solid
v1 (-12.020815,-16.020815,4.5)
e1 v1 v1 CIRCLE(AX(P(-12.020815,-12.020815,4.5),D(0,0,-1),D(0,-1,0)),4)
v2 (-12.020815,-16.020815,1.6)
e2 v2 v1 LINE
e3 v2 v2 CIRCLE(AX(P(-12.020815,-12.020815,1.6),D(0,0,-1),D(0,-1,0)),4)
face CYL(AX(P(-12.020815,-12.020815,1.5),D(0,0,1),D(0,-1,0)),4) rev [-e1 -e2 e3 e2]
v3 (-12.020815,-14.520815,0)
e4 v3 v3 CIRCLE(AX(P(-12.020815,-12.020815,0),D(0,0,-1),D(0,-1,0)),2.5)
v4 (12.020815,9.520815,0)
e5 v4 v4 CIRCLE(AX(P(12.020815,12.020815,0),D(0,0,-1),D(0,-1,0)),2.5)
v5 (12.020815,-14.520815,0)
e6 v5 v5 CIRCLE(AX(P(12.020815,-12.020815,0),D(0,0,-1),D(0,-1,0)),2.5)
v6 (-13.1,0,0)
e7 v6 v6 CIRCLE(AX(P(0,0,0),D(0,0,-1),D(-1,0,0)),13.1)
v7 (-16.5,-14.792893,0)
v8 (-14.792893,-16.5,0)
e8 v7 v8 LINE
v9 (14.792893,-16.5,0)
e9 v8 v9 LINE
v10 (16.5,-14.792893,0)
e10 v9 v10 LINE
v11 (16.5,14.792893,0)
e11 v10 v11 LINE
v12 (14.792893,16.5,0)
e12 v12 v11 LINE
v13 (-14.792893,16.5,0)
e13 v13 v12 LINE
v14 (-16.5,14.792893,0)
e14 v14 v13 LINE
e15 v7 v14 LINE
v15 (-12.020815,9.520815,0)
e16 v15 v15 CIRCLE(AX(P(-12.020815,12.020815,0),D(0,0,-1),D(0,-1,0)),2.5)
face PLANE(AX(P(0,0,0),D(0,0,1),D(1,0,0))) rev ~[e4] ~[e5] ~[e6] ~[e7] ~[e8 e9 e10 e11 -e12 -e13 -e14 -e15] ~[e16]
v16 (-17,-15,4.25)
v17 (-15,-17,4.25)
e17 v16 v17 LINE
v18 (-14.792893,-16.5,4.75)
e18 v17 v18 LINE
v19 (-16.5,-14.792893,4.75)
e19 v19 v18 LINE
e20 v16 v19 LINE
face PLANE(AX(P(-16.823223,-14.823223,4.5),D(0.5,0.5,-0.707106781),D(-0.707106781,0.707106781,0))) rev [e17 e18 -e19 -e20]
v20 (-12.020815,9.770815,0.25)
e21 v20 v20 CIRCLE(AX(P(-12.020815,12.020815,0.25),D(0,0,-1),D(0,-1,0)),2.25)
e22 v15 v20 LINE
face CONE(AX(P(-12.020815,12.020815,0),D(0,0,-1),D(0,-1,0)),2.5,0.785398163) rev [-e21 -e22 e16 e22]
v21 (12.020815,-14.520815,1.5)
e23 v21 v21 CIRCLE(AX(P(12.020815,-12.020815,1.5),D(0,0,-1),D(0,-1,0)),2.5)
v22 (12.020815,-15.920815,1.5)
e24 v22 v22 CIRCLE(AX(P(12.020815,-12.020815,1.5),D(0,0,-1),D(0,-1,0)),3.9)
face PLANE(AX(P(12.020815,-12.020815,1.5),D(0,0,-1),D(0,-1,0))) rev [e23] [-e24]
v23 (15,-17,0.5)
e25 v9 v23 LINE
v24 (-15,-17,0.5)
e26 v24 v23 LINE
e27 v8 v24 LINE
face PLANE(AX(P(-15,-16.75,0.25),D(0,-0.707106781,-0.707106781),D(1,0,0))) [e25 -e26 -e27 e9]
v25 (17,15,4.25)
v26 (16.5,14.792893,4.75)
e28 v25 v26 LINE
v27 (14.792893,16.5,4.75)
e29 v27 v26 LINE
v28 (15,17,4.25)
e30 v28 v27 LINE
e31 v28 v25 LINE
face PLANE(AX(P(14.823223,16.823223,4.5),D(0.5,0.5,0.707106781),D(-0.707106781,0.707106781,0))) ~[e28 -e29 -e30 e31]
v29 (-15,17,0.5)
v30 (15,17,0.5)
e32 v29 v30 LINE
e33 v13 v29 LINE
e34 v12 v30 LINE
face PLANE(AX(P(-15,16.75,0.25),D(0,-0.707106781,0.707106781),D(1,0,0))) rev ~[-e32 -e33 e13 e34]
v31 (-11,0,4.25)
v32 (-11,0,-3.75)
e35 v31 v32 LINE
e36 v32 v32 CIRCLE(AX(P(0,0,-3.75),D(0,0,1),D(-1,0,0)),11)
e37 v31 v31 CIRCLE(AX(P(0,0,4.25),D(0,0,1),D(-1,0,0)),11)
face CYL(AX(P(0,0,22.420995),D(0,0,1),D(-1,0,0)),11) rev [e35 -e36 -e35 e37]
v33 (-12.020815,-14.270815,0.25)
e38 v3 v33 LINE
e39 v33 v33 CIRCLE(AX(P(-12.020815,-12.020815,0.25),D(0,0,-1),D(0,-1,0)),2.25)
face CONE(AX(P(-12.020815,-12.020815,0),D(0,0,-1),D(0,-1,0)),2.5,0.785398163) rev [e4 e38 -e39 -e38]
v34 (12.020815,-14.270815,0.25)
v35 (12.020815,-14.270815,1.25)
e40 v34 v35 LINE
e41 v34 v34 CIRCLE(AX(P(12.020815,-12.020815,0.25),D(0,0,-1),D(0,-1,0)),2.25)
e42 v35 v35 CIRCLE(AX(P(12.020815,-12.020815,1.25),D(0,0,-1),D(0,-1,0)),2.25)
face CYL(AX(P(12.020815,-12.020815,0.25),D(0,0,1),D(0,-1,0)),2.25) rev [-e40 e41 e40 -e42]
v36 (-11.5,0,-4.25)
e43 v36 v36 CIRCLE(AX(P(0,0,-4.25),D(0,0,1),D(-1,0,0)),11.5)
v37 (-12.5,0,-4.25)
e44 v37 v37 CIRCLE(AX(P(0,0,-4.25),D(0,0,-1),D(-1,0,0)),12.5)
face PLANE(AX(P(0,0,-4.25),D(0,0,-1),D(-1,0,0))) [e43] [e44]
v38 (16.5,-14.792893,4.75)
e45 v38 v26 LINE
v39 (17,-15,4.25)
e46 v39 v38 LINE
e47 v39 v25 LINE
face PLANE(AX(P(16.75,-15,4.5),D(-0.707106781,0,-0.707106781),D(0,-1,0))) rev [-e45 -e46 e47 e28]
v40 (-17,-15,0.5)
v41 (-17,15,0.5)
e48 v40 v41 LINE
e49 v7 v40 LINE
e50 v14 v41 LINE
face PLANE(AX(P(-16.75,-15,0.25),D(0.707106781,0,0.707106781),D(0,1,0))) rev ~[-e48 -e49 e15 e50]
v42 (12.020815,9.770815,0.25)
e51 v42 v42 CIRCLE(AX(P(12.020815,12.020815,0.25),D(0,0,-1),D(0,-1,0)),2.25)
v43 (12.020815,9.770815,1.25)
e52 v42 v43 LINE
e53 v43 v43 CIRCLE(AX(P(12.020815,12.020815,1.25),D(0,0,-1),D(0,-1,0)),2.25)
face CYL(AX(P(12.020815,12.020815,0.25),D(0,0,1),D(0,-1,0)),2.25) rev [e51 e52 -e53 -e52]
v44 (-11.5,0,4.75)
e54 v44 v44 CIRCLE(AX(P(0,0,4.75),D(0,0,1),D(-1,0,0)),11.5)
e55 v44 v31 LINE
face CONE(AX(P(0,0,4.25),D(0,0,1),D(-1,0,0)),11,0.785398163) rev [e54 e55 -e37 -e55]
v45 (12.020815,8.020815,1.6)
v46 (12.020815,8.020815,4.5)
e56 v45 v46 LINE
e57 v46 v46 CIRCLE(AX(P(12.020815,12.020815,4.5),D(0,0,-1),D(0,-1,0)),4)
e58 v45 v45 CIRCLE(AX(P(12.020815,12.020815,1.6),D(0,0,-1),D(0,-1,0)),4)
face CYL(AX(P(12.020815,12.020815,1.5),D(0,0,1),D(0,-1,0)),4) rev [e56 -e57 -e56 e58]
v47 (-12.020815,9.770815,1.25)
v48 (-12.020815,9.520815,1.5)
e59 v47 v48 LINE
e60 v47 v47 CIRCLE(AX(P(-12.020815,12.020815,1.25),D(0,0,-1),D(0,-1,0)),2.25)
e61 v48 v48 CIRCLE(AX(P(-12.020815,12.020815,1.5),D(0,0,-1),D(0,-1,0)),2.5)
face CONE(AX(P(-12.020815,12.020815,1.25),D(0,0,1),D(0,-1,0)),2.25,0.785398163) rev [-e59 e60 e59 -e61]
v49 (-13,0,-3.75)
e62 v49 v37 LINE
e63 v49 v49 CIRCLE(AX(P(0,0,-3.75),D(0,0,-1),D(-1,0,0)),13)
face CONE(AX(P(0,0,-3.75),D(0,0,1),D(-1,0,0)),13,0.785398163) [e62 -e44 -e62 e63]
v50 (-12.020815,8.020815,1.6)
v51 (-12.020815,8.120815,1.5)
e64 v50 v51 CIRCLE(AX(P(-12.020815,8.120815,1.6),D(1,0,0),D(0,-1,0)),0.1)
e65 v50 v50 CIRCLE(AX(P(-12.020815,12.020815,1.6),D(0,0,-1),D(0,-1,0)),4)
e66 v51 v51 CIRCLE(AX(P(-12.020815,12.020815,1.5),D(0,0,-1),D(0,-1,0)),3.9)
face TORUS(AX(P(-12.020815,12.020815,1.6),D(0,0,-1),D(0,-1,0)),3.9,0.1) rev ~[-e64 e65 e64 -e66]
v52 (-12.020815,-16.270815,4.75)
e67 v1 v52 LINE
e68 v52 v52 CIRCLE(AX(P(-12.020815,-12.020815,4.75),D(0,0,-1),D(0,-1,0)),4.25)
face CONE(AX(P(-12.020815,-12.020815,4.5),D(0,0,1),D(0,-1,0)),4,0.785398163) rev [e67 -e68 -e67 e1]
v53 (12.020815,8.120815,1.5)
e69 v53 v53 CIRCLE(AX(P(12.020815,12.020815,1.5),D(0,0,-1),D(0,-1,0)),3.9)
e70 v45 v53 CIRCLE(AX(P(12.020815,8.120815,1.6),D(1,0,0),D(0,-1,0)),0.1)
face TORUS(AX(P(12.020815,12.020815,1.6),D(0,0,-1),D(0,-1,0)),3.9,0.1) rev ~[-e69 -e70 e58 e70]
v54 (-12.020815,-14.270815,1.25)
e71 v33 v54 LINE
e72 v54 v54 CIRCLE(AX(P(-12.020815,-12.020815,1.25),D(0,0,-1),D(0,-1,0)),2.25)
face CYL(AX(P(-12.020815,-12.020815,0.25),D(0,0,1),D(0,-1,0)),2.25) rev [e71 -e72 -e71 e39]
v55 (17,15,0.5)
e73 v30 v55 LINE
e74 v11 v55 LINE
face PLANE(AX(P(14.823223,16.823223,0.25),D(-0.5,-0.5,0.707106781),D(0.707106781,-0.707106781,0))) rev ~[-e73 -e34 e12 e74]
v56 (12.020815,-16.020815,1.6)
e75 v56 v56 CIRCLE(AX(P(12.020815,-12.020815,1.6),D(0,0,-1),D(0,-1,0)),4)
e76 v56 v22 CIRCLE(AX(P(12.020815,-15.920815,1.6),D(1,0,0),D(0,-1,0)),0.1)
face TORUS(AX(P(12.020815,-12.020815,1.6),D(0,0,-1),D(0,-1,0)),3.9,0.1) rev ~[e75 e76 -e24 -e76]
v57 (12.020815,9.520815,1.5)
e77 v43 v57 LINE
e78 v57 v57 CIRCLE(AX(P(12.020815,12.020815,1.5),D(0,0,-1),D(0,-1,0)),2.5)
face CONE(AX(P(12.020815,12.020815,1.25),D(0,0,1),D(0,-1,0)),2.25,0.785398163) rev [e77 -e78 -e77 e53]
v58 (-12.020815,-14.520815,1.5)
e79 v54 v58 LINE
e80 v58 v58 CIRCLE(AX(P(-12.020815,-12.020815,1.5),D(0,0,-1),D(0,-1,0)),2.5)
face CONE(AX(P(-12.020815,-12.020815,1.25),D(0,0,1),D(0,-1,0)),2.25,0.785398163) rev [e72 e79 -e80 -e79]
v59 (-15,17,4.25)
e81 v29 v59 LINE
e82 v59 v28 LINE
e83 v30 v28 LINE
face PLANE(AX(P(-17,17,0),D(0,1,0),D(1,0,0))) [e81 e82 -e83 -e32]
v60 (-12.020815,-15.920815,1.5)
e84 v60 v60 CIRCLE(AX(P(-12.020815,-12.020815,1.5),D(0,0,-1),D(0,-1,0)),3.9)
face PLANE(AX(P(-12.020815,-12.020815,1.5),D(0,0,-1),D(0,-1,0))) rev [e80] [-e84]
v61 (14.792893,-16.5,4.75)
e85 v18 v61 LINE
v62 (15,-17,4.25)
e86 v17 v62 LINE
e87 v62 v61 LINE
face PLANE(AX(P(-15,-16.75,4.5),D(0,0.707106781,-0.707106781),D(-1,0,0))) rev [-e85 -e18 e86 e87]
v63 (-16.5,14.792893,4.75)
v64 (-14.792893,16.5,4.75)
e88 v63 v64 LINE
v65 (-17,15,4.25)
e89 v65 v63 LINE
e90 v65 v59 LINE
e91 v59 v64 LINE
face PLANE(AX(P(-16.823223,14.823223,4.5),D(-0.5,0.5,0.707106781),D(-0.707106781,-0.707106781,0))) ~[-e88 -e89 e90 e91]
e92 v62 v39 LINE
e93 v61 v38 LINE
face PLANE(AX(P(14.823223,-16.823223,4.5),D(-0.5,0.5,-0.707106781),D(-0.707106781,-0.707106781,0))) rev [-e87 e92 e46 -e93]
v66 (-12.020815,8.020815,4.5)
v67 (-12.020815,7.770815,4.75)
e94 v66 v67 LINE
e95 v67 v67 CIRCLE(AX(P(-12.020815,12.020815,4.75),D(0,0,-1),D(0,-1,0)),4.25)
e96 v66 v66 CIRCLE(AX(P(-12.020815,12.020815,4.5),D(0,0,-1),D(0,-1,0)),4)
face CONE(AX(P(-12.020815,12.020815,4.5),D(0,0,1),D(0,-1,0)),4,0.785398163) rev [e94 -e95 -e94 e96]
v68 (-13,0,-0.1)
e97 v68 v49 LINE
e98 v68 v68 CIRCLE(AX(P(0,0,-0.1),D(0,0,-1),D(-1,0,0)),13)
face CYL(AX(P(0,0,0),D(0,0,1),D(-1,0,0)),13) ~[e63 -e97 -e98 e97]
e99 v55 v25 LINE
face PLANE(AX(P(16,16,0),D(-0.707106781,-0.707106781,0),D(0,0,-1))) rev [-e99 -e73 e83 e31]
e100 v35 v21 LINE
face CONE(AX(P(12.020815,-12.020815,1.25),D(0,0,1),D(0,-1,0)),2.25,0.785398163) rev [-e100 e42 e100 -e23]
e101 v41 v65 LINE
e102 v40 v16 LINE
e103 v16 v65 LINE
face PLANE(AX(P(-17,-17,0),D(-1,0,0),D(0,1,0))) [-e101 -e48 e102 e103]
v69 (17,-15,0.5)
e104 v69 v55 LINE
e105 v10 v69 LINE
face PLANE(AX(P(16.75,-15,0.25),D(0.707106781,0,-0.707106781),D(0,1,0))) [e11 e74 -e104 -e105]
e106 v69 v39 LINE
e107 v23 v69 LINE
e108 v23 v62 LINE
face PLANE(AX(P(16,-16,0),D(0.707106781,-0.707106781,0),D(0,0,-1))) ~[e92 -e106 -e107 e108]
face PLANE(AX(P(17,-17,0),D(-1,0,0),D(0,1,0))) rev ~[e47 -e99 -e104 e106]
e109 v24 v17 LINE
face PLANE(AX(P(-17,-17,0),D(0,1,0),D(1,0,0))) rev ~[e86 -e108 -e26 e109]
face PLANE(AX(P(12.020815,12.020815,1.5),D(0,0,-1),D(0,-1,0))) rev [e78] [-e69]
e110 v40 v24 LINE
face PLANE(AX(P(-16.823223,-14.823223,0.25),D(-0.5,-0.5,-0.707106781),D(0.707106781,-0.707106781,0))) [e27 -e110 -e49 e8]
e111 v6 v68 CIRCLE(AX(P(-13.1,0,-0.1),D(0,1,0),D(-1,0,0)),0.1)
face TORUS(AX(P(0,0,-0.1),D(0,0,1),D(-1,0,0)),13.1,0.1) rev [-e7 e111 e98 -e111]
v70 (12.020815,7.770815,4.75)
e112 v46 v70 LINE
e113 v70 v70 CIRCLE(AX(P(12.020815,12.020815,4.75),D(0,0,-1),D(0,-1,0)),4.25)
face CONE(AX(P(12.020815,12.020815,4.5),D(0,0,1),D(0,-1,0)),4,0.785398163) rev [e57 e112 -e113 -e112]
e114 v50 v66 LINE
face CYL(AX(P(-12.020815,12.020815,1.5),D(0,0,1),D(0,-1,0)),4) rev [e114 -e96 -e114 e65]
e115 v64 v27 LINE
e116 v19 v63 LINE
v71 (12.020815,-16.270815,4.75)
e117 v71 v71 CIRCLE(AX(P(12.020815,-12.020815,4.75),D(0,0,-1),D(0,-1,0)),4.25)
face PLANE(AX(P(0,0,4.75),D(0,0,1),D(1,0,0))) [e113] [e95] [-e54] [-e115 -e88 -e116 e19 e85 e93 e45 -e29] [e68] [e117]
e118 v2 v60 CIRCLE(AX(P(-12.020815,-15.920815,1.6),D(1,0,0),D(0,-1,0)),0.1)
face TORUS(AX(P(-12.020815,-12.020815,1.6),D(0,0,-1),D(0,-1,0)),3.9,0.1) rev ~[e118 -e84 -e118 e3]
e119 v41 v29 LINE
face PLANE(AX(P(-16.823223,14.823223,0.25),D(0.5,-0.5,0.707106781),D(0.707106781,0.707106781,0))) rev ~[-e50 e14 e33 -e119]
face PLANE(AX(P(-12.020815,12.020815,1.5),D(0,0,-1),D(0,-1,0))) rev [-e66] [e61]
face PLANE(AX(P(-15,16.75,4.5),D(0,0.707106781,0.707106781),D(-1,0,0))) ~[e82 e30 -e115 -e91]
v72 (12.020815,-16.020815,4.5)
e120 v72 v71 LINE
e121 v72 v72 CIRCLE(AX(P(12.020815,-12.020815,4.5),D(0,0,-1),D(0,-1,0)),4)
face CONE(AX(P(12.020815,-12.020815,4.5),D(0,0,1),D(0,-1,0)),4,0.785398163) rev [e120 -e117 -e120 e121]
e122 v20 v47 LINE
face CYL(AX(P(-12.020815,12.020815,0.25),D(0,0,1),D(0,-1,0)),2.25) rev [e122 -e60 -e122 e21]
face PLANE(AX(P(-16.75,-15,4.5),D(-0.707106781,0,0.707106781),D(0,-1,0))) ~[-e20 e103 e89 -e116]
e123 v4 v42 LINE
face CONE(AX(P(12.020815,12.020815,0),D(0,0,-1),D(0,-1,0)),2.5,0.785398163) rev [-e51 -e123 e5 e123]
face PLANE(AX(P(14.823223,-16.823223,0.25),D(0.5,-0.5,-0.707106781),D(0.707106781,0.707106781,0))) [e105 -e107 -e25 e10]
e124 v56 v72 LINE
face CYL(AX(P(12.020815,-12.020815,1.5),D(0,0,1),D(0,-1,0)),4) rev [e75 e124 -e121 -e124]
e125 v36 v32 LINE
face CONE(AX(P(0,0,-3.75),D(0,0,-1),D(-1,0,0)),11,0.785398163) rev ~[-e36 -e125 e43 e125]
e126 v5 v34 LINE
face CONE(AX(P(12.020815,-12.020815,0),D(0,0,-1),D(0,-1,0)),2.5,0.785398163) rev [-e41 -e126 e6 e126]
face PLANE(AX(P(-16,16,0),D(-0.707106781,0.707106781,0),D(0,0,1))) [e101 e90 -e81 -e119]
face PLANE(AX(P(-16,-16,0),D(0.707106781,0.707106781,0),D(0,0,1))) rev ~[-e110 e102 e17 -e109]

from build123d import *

# Parameters (mm, degrees)
BK_FLANGE_SKETCH_W         = 34
BK_FLANGE_SKETCH_H         = 34
BK_FLANGE_BODY_DEPTH       = 4.75
BK_FLANGE_RADIUS_SKETCH_R  = 13
BK_FLANGE_RADIUS_DEPTH     = 4.25
BK_FLANGE_HOLE_DEPTH       = 26.670995306
BK_FLANGE_HOLE_DEPTH_BACK  = 26.670995306
BK_FLANGE_H_R              = 11
BK_FLANGE_HOLES_AT_2_COUNT = 2
BK_FLANGE_HOLES_AT_2_PITCH = 24.04163056
BK_FLANGE_HOLES_AT_3_COUNT = 2
BK_FLANGE_HOLES_AT_3_PITCH = 34
BK_FLANGE_HOLES_AT_4_COUNT = 2
BK_FLANGE_HOLES_AT_4_PITCH = 24.04163056
BK_CORNER_CHAMFER_SIZE     = 2
PRODUCTION_FILLET_R        = 0.1
AESTHETIC_CHAMFER_SIZE     = 0.5


with BuildPart() as part:
    # BK Flange Sketch → BK Flange Body (new body)
    with BuildSketch(Plane.XY):
        Rectangle(BK_FLANGE_SKETCH_W, BK_FLANGE_SKETCH_H)
    extrude(amount=BK_FLANGE_BODY_DEPTH)

    # BK Flange Radius Sketch → BK Flange Radius (add)
    with BuildSketch(Plane(origin=(0, 0, 0), x_dir=(-1, 0, 0), z_dir=(0, 0, -1))):
        Circle(BK_FLANGE_RADIUS_SKETCH_R)
    extrude(amount=BK_FLANGE_RADIUS_DEPTH)

    # BK Flange H → BK Flange Hole (cut, two sides: drawn at the far end of the back side and taken through both)
    with BuildSketch(Plane(origin=(0, 0, -4.25), x_dir=(-1, 0, 0), z_dir=(0, 0, -1)).offset(-BK_FLANGE_HOLE_DEPTH_BACK)):
        Circle(BK_FLANGE_H_R)
    extrude(amount=BK_FLANGE_HOLE_DEPTH + BK_FLANGE_HOLE_DEPTH_BACK, mode=Mode.SUBTRACT)

    # Sketch2 → BK Flange Holes (revolve, cut)
    with BuildSketch(Plane(origin=(-12.02081528, 12.02081528, 4.75), x_dir=(0, -1, 0), z_dir=(1, 0, 0))):
        Polygon((0, 0), (0, 4.75), (2.5, 4.75), (2.25, 4.5), (2.25, 3.5), (2.5, 3.25), (4, 3.25), (4, 0.25), (4.25, 0), align=None)
    bk_flange_holes = revolve(axis=Axis((-12.02081528, 12.02081528, 11.1), (0, 0, -1)), mode=Mode.SUBTRACT)

    # BK Flange Holes at 2: BK Flange Holes ×2
    with Locations(*[(i * BK_FLANGE_HOLES_AT_2_PITCH, 0, 0) for i in range(1, BK_FLANGE_HOLES_AT_2_COUNT)]):
        add(bk_flange_holes, mode=Mode.SUBTRACT)

    # BK Flange Holes at 3: BK Flange Holes ×2
    with Locations(*[Vector(0.7071067811865476, -0.7071067811865476, 0) * (i * BK_FLANGE_HOLES_AT_3_PITCH) for i in range(1, BK_FLANGE_HOLES_AT_3_COUNT)]):
        add(bk_flange_holes, mode=Mode.SUBTRACT)

    # BK Flange Holes at 4: BK Flange Holes ×2
    with Locations(*[(0, -i * BK_FLANGE_HOLES_AT_4_PITCH, 0) for i in range(1, BK_FLANGE_HOLES_AT_4_COUNT)]):
        add(bk_flange_holes, mode=Mode.SUBTRACT)

    # BK Corner Chamfer
    bk_corner_chamfer_edges = [part.edges().sort_by_distance(p)[0] for p in [
        (17, -17, 2.375),
        (-17, -17, 2.375),
        (-17, 17, 2.375),
        (17, 17, 2.375),
    ]]
    chamfer(bk_corner_chamfer_edges, length=BK_CORNER_CHAMFER_SIZE)

    # Production Fillet
    production_fillet_edges = [part.edges().sort_by_distance(p)[0] for p in [
        (13, 0, 0),
        (-12.02081528, -8.02081528, 1.5),
        (12.02081528, -8.02081528, 1.5),
        (12.02081528, 16.02081528, 1.5),
        (-12.02081528, 16.02081528, 1.5),
    ]]
    fillet(production_fillet_edges, radius=PRODUCTION_FILLET_R)

    # Aesthetic Chamfer
    aesthetic_chamfer_edges = [part.edges().sort_by_distance(p)[0] for p in [
        (13, 0, -4.25),
        (11, 0, -4.25),
        (11, 0, 4.75),
        (0, -17, 0),
        (0, -17, 4.75),
        (17, 0, 0),
        (-17, 0, 0),
        (0, 17, 0),
        (-16, 16, 0),
        (16, 16, 0),
        (16, -16, 0),
        (-16, -16, 0),
        (-17, 0, 4.75),
        (17, 0, 4.75),
        (0, 17, 4.75),
        (-16, 16, 4.75),
        (16, 16, 4.75),
        (16, -16, 4.75),
        (-16, -16, 4.75),
    ]]
    chamfer(aesthetic_chamfer_edges, length=AESTHETIC_CHAMFER_SIZE)


solid = part.part
